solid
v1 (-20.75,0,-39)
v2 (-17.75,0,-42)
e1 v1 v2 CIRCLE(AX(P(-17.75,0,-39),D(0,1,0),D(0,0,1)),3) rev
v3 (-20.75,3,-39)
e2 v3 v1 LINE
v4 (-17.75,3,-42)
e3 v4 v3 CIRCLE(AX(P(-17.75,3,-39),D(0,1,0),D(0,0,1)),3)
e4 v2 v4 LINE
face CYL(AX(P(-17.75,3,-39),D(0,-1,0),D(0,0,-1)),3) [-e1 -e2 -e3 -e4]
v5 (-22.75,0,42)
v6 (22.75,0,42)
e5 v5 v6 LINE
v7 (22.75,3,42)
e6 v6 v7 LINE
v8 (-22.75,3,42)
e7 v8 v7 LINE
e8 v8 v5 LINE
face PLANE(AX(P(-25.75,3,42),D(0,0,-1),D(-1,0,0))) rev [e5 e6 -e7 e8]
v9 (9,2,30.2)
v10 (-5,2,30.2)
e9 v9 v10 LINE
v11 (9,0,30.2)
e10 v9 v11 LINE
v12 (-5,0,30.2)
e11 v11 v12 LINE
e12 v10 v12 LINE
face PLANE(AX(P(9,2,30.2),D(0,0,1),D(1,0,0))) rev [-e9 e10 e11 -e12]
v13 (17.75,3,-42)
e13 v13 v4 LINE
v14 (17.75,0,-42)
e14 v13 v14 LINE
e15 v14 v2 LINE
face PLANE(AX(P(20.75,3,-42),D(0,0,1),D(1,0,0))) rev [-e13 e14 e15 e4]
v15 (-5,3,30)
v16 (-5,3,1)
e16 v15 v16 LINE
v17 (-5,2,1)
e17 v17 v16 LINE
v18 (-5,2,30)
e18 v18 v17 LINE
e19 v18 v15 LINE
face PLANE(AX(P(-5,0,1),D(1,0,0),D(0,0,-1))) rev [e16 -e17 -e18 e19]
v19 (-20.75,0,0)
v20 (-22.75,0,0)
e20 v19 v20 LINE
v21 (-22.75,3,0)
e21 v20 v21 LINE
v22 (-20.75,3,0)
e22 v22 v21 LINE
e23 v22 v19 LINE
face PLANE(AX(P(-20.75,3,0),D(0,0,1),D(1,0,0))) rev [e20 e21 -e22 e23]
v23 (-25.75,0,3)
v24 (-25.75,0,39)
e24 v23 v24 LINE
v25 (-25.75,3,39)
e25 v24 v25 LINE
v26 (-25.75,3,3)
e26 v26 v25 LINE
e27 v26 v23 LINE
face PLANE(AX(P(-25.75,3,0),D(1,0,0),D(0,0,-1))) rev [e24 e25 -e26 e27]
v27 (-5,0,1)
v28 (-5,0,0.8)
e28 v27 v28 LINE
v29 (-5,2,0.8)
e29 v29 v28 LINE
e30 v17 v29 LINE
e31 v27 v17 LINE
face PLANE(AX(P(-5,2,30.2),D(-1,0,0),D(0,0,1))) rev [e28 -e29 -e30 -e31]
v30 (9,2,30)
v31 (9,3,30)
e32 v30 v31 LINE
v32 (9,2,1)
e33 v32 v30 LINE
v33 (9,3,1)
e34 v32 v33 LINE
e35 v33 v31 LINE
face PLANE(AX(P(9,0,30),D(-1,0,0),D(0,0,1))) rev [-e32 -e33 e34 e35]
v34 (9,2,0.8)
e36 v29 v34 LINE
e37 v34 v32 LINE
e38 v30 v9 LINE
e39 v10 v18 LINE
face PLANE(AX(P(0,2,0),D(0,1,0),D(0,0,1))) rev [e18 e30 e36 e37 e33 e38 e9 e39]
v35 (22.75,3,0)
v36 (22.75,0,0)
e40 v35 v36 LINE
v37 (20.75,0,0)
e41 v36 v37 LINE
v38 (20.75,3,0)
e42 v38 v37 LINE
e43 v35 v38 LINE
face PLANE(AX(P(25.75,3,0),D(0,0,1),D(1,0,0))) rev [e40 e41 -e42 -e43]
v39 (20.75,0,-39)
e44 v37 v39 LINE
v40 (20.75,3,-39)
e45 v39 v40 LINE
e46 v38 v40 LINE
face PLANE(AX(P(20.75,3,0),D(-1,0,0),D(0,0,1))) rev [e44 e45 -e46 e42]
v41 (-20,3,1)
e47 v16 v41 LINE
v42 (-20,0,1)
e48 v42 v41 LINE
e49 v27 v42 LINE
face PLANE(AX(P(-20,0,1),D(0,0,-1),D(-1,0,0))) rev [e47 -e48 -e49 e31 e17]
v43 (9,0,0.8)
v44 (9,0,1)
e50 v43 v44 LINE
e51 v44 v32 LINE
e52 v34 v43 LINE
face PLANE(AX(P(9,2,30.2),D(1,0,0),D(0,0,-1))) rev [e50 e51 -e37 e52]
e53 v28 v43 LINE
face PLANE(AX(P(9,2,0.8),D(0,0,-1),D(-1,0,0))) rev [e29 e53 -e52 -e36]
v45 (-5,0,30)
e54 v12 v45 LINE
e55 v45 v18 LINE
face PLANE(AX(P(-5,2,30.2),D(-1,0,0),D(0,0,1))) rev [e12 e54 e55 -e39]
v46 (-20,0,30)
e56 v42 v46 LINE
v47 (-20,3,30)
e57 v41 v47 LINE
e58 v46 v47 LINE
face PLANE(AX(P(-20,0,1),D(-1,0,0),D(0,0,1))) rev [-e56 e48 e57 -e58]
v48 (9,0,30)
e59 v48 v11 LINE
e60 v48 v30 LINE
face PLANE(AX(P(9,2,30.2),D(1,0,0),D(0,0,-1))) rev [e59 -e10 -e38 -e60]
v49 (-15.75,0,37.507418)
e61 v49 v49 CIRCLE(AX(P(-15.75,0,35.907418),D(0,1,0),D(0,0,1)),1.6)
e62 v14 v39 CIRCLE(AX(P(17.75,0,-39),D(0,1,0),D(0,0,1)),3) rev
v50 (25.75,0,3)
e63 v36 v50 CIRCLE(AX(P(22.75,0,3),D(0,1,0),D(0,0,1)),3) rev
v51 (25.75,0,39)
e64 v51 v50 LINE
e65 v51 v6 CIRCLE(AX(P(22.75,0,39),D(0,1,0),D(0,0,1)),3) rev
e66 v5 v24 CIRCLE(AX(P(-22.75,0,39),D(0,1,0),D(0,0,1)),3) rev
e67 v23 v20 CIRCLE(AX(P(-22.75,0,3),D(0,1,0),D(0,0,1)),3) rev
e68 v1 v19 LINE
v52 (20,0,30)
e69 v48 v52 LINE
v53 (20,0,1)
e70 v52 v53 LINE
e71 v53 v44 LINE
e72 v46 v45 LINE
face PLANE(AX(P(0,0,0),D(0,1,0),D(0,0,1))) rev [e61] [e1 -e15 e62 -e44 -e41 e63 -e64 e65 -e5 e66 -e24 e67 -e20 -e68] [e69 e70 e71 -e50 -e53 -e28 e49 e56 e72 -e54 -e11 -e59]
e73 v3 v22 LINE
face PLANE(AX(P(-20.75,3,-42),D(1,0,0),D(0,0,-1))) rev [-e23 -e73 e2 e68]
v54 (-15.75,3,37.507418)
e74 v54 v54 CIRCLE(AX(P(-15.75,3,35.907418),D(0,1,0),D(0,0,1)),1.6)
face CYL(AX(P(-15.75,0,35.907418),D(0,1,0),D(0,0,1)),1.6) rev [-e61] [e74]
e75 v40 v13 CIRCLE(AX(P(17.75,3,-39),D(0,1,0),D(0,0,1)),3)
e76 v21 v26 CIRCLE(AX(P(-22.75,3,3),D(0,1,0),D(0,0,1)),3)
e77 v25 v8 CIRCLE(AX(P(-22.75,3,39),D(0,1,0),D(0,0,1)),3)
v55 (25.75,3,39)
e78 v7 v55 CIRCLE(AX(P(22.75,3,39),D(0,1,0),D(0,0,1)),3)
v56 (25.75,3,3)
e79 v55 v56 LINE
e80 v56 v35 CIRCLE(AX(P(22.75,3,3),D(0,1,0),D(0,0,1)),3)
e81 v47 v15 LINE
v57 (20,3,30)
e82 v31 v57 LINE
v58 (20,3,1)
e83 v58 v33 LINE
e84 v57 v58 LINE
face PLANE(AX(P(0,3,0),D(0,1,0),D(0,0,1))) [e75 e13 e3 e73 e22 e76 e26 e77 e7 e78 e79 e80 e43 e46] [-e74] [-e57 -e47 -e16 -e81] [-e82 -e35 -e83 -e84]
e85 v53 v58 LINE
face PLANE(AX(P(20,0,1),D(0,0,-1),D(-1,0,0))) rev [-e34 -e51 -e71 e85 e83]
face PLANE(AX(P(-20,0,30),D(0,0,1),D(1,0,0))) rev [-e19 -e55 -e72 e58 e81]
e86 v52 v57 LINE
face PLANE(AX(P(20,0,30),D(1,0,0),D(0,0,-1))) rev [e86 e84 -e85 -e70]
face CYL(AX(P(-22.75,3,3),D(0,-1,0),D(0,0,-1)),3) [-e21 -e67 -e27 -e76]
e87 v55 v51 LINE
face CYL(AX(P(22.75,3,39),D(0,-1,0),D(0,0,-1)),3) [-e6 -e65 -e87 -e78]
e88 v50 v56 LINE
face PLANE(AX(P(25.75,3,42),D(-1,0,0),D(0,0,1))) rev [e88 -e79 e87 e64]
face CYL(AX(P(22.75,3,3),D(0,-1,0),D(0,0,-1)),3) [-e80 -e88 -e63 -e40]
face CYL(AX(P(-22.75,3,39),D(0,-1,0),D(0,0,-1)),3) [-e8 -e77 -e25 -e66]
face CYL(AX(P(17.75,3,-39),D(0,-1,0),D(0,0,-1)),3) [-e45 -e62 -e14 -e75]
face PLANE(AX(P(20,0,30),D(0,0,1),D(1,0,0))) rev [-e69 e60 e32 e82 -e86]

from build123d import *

# Parameters (mm, degrees)
BOSS_EXTRUDE1_DEPTH = 3
FILLET1_R           = 3
SKETCH2_R           = 1.6
SKETCH2_W           = 15
SKETCH2_H           = 29
SKETCH2_W_2         = 11
CUT_EXTRUDE1_DEPTH  = 3
SKETCH4_W           = 14
SKETCH4_H           = 29.4
CUT_EXTRUDE2_DEPTH  = 2


with BuildPart() as part:
    # Sketch1 → Boss-Extrude1 (new body)
    with BuildSketch(Plane(origin=(0, 0, 0), x_dir=(1, 0, 0), z_dir=(0, 1, 0))):
        Polygon((-20.75, 42), (-20.75, 0), (-25.75, 0), (-25.75, -42), (25.75, -42), (25.75, 0), (20.75, 0), (20.75, 42), align=None)
    extrude(amount=BOSS_EXTRUDE1_DEPTH)

    # Fillet1
    fillet1_edges = [part.edges().sort_by_distance(p)[0] for p in [
        (20.75, 1.5, -42),
        (25.75, 1.5, 0),
        (25.75, 1.5, 42),
        (-25.75, 1.5, 42),
        (-25.75, 1.5, 0),
        (-20.75, 1.5, -42),
    ]]
    fillet(fillet1_edges, radius=FILLET1_R)

    # Sketch2 → Cut-Extrude1 (cut)
    with BuildSketch(Plane(origin=(0, 3, 0), x_dir=(1, 0, 0), z_dir=(0, 1, 0))):
        with Locations(Location((-15.75, -35.907418342, 0), (0, 0, 270))):
            Circle(SKETCH2_R)
        with Locations((-12.5, -15.5)):
            Rectangle(SKETCH2_W, SKETCH2_H)
        with Locations((14.5, -15.5)):
            Rectangle(SKETCH2_W_2, SKETCH2_H)
    extrude(amount=-CUT_EXTRUDE1_DEPTH, mode=Mode.SUBTRACT)

    # Sketch4 → Cut-Extrude2 (cut)
    with BuildSketch(Plane.XZ):
        with Locations((2, 15.5)):
            Rectangle(SKETCH4_W, SKETCH4_H)
    extrude(amount=-CUT_EXTRUDE2_DEPTH, mode=Mode.SUBTRACT)


solid = part.part
